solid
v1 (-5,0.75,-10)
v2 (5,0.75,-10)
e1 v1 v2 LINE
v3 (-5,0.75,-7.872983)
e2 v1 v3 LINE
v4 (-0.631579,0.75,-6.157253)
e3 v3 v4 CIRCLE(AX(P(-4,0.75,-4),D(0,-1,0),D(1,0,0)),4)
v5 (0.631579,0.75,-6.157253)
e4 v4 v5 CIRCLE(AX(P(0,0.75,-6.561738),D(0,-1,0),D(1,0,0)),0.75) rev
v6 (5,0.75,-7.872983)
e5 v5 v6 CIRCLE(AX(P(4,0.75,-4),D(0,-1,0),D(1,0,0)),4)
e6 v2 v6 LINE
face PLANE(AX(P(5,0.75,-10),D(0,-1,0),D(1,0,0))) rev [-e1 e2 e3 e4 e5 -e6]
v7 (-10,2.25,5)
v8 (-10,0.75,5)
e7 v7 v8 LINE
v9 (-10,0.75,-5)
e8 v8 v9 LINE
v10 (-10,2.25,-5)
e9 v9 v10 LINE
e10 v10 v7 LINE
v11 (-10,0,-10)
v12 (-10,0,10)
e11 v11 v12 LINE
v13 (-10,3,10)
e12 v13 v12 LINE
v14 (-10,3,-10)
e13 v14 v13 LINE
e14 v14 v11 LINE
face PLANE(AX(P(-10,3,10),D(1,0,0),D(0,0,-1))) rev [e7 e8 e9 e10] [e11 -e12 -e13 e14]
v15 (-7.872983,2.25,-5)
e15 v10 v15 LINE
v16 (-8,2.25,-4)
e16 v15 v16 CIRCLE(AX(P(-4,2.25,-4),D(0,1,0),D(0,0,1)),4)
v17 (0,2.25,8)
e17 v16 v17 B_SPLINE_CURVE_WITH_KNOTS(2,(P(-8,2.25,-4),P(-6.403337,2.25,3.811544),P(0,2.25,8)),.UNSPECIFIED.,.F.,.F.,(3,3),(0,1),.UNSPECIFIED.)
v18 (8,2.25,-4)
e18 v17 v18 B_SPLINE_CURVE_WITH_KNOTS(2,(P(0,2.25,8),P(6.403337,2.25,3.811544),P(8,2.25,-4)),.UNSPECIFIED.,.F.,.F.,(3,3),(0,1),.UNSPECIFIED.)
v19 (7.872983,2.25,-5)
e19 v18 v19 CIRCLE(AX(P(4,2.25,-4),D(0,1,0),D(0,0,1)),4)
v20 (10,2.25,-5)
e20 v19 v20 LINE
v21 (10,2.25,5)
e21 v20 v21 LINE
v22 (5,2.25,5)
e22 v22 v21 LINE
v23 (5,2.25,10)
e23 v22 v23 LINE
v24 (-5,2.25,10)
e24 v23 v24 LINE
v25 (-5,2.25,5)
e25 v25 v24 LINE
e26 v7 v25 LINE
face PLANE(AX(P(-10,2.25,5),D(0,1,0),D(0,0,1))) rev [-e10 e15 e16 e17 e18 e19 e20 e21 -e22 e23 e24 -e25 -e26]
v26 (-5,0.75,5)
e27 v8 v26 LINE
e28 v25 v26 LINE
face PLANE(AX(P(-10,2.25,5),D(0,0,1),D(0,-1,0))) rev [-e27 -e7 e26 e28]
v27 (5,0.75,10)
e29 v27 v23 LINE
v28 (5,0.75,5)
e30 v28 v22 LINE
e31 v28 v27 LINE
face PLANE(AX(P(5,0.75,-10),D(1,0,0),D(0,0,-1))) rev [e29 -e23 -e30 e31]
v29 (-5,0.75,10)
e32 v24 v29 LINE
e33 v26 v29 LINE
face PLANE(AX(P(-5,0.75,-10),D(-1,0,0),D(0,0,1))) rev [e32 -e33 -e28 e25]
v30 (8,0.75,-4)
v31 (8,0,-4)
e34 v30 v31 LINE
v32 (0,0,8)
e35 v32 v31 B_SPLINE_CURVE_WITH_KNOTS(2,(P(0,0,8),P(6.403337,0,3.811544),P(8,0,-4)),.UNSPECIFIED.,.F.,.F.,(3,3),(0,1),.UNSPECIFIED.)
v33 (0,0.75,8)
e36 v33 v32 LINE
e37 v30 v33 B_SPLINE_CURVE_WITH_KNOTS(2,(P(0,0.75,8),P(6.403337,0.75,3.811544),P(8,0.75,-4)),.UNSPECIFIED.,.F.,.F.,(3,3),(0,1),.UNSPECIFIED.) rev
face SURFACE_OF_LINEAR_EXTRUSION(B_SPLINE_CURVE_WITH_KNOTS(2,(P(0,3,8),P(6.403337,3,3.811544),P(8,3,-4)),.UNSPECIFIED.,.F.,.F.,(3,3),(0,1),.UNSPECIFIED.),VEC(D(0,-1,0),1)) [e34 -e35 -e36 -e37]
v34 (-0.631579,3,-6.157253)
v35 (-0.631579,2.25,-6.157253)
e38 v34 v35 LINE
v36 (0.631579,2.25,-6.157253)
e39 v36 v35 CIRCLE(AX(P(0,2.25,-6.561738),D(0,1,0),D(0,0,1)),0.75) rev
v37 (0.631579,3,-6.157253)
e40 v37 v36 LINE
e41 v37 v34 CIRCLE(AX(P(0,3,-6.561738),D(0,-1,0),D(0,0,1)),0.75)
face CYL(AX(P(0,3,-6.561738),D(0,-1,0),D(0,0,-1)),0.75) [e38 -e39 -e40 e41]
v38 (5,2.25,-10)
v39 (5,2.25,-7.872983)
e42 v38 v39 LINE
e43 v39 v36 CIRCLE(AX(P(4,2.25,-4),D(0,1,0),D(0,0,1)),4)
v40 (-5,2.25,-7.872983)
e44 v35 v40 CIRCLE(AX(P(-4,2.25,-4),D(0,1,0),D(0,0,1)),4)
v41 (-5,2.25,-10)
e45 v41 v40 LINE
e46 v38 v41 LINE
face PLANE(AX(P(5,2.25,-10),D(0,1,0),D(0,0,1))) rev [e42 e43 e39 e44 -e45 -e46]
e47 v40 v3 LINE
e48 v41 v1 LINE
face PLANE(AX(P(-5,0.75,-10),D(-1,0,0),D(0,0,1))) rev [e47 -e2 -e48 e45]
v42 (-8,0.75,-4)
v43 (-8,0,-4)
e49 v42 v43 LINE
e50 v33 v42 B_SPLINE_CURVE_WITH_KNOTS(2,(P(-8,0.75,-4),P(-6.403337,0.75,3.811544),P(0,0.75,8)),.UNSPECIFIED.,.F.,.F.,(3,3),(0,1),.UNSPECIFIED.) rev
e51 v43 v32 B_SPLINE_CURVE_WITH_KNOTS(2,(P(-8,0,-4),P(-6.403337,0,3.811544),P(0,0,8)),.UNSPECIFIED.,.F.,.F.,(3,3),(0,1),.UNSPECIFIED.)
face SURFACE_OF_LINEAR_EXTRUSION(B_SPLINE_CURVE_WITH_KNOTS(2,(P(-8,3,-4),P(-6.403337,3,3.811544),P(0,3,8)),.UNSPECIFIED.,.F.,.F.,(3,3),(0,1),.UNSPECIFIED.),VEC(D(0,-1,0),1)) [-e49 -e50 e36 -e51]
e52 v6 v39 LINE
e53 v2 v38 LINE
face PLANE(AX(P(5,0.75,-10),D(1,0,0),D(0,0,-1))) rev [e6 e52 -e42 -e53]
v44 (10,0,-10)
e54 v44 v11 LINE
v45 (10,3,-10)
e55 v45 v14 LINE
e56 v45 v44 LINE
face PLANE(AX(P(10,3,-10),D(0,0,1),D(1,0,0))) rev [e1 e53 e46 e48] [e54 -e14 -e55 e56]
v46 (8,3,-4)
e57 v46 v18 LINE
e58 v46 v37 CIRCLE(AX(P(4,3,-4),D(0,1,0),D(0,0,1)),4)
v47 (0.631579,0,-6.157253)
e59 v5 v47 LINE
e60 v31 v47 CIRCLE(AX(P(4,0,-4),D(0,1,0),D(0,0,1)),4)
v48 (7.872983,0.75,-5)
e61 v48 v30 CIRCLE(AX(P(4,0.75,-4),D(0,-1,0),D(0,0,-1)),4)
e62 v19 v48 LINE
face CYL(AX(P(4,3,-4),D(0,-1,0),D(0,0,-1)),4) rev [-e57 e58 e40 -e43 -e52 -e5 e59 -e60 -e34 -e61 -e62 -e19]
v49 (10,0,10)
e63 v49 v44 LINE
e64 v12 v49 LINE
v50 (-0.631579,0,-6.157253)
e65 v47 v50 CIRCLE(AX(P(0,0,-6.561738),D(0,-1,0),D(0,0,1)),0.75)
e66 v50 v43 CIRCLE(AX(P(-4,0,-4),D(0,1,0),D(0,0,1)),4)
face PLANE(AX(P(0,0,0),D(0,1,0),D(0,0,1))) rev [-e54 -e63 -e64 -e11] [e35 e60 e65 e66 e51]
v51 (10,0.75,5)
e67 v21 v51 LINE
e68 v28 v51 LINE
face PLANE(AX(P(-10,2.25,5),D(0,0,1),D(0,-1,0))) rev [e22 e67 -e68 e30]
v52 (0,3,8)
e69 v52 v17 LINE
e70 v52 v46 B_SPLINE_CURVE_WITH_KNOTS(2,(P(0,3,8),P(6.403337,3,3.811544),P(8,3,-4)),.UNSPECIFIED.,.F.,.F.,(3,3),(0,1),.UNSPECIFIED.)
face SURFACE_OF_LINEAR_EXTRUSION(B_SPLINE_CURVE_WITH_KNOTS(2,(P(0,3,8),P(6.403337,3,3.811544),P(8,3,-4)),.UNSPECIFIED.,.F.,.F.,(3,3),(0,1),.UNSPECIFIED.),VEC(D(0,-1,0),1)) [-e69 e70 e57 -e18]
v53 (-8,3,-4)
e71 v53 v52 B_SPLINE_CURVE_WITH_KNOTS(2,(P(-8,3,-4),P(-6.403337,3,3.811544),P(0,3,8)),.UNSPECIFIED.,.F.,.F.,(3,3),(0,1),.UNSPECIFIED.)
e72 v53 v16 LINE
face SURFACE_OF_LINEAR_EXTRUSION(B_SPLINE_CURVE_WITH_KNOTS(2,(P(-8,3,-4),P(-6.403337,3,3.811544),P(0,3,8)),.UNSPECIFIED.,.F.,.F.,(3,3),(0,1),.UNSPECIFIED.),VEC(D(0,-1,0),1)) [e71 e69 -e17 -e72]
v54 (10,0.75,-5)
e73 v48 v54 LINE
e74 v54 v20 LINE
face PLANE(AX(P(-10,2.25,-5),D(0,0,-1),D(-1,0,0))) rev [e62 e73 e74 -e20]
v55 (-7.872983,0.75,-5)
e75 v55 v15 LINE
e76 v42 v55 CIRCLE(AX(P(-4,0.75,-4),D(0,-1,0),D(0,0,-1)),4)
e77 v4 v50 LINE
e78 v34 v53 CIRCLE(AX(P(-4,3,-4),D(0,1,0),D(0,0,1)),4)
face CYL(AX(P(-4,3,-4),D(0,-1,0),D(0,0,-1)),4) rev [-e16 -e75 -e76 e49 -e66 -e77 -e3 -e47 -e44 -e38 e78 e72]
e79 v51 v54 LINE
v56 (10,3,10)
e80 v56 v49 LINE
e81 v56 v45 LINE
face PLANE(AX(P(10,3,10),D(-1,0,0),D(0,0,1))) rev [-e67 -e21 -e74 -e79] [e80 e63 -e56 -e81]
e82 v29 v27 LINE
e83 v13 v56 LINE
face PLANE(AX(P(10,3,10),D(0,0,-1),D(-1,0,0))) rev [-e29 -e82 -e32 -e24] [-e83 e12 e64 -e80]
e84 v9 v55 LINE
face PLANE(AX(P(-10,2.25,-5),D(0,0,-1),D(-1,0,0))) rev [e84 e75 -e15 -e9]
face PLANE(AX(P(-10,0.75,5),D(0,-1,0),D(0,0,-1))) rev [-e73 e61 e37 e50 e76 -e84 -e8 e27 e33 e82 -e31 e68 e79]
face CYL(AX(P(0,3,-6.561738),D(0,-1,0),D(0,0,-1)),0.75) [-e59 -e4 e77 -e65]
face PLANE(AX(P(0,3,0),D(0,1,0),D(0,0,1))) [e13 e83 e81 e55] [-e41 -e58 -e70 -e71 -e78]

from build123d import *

# Parameters (mm, degrees)
SKETCH1_W           = 20
SKETCH1_H           = 20
BOSS_EXTRUDE1_DEPTH = 3
SKETCH2_W           = 10
SKETCH2_H           = 1.5
CUT_EXTRUDE1_DEPTH  = 21.0000001
SKETCH3_W           = 10
SKETCH3_H           = 1.5
CUT_EXTRUDE2_DEPTH  = 21.0000001


with BuildPart() as part:
    # Sketch1 → Boss-Extrude1 (new body)
    with BuildSketch(Plane(origin=(0, 0, 0), x_dir=(1, 0, 0), z_dir=(0, 1, 0))):
        Rectangle(SKETCH1_W, SKETCH1_H)
        with BuildLine():
            ThreePointArc((-0.631578947, 6.157252793), (-5.123902974, 7.83885948), (-8, 4))
            add(Edge.make_bspline(
                [(-8, 4), (-6.403336947, -3.811544104), (0, -8)],
                knots=[0, 0, 0, 1, 1, 1], degree=2))
            add(Edge.make_bspline(
                [(8, 4), (6.403336947, -3.811544104), (0, -8)],
                knots=[0, 0, 0, 1, 1, 1], degree=2))
            ThreePointArc((8, 4), (5.123902974, 7.83885948), (0.631578947, 6.157252793))
            ThreePointArc((0.631578947, 6.157252793), (0, 5.811737691), (-0.631578947, 6.157252793))
        make_face(mode=Mode.SUBTRACT)
    extrude(amount=BOSS_EXTRUDE1_DEPTH)

    # Sketch2 → Cut-Extrude1 (cut, through all)
    with BuildSketch(Plane(origin=(10, 0, 0), x_dir=(0, 0, -1), z_dir=(1, 0, 0))):
        with Locations((0, 1.5)):
            Rectangle(SKETCH2_W, SKETCH2_H)
    extrude(amount=-CUT_EXTRUDE1_DEPTH, mode=Mode.SUBTRACT)

    # Sketch3 → Cut-Extrude2 (cut, through all)
    with BuildSketch(Plane.XY.offset(10)):
        with Locations((0, 1.5)):
            Rectangle(SKETCH3_W, SKETCH3_H)
    extrude(amount=-CUT_EXTRUDE2_DEPTH, mode=Mode.SUBTRACT)


solid = part.part
